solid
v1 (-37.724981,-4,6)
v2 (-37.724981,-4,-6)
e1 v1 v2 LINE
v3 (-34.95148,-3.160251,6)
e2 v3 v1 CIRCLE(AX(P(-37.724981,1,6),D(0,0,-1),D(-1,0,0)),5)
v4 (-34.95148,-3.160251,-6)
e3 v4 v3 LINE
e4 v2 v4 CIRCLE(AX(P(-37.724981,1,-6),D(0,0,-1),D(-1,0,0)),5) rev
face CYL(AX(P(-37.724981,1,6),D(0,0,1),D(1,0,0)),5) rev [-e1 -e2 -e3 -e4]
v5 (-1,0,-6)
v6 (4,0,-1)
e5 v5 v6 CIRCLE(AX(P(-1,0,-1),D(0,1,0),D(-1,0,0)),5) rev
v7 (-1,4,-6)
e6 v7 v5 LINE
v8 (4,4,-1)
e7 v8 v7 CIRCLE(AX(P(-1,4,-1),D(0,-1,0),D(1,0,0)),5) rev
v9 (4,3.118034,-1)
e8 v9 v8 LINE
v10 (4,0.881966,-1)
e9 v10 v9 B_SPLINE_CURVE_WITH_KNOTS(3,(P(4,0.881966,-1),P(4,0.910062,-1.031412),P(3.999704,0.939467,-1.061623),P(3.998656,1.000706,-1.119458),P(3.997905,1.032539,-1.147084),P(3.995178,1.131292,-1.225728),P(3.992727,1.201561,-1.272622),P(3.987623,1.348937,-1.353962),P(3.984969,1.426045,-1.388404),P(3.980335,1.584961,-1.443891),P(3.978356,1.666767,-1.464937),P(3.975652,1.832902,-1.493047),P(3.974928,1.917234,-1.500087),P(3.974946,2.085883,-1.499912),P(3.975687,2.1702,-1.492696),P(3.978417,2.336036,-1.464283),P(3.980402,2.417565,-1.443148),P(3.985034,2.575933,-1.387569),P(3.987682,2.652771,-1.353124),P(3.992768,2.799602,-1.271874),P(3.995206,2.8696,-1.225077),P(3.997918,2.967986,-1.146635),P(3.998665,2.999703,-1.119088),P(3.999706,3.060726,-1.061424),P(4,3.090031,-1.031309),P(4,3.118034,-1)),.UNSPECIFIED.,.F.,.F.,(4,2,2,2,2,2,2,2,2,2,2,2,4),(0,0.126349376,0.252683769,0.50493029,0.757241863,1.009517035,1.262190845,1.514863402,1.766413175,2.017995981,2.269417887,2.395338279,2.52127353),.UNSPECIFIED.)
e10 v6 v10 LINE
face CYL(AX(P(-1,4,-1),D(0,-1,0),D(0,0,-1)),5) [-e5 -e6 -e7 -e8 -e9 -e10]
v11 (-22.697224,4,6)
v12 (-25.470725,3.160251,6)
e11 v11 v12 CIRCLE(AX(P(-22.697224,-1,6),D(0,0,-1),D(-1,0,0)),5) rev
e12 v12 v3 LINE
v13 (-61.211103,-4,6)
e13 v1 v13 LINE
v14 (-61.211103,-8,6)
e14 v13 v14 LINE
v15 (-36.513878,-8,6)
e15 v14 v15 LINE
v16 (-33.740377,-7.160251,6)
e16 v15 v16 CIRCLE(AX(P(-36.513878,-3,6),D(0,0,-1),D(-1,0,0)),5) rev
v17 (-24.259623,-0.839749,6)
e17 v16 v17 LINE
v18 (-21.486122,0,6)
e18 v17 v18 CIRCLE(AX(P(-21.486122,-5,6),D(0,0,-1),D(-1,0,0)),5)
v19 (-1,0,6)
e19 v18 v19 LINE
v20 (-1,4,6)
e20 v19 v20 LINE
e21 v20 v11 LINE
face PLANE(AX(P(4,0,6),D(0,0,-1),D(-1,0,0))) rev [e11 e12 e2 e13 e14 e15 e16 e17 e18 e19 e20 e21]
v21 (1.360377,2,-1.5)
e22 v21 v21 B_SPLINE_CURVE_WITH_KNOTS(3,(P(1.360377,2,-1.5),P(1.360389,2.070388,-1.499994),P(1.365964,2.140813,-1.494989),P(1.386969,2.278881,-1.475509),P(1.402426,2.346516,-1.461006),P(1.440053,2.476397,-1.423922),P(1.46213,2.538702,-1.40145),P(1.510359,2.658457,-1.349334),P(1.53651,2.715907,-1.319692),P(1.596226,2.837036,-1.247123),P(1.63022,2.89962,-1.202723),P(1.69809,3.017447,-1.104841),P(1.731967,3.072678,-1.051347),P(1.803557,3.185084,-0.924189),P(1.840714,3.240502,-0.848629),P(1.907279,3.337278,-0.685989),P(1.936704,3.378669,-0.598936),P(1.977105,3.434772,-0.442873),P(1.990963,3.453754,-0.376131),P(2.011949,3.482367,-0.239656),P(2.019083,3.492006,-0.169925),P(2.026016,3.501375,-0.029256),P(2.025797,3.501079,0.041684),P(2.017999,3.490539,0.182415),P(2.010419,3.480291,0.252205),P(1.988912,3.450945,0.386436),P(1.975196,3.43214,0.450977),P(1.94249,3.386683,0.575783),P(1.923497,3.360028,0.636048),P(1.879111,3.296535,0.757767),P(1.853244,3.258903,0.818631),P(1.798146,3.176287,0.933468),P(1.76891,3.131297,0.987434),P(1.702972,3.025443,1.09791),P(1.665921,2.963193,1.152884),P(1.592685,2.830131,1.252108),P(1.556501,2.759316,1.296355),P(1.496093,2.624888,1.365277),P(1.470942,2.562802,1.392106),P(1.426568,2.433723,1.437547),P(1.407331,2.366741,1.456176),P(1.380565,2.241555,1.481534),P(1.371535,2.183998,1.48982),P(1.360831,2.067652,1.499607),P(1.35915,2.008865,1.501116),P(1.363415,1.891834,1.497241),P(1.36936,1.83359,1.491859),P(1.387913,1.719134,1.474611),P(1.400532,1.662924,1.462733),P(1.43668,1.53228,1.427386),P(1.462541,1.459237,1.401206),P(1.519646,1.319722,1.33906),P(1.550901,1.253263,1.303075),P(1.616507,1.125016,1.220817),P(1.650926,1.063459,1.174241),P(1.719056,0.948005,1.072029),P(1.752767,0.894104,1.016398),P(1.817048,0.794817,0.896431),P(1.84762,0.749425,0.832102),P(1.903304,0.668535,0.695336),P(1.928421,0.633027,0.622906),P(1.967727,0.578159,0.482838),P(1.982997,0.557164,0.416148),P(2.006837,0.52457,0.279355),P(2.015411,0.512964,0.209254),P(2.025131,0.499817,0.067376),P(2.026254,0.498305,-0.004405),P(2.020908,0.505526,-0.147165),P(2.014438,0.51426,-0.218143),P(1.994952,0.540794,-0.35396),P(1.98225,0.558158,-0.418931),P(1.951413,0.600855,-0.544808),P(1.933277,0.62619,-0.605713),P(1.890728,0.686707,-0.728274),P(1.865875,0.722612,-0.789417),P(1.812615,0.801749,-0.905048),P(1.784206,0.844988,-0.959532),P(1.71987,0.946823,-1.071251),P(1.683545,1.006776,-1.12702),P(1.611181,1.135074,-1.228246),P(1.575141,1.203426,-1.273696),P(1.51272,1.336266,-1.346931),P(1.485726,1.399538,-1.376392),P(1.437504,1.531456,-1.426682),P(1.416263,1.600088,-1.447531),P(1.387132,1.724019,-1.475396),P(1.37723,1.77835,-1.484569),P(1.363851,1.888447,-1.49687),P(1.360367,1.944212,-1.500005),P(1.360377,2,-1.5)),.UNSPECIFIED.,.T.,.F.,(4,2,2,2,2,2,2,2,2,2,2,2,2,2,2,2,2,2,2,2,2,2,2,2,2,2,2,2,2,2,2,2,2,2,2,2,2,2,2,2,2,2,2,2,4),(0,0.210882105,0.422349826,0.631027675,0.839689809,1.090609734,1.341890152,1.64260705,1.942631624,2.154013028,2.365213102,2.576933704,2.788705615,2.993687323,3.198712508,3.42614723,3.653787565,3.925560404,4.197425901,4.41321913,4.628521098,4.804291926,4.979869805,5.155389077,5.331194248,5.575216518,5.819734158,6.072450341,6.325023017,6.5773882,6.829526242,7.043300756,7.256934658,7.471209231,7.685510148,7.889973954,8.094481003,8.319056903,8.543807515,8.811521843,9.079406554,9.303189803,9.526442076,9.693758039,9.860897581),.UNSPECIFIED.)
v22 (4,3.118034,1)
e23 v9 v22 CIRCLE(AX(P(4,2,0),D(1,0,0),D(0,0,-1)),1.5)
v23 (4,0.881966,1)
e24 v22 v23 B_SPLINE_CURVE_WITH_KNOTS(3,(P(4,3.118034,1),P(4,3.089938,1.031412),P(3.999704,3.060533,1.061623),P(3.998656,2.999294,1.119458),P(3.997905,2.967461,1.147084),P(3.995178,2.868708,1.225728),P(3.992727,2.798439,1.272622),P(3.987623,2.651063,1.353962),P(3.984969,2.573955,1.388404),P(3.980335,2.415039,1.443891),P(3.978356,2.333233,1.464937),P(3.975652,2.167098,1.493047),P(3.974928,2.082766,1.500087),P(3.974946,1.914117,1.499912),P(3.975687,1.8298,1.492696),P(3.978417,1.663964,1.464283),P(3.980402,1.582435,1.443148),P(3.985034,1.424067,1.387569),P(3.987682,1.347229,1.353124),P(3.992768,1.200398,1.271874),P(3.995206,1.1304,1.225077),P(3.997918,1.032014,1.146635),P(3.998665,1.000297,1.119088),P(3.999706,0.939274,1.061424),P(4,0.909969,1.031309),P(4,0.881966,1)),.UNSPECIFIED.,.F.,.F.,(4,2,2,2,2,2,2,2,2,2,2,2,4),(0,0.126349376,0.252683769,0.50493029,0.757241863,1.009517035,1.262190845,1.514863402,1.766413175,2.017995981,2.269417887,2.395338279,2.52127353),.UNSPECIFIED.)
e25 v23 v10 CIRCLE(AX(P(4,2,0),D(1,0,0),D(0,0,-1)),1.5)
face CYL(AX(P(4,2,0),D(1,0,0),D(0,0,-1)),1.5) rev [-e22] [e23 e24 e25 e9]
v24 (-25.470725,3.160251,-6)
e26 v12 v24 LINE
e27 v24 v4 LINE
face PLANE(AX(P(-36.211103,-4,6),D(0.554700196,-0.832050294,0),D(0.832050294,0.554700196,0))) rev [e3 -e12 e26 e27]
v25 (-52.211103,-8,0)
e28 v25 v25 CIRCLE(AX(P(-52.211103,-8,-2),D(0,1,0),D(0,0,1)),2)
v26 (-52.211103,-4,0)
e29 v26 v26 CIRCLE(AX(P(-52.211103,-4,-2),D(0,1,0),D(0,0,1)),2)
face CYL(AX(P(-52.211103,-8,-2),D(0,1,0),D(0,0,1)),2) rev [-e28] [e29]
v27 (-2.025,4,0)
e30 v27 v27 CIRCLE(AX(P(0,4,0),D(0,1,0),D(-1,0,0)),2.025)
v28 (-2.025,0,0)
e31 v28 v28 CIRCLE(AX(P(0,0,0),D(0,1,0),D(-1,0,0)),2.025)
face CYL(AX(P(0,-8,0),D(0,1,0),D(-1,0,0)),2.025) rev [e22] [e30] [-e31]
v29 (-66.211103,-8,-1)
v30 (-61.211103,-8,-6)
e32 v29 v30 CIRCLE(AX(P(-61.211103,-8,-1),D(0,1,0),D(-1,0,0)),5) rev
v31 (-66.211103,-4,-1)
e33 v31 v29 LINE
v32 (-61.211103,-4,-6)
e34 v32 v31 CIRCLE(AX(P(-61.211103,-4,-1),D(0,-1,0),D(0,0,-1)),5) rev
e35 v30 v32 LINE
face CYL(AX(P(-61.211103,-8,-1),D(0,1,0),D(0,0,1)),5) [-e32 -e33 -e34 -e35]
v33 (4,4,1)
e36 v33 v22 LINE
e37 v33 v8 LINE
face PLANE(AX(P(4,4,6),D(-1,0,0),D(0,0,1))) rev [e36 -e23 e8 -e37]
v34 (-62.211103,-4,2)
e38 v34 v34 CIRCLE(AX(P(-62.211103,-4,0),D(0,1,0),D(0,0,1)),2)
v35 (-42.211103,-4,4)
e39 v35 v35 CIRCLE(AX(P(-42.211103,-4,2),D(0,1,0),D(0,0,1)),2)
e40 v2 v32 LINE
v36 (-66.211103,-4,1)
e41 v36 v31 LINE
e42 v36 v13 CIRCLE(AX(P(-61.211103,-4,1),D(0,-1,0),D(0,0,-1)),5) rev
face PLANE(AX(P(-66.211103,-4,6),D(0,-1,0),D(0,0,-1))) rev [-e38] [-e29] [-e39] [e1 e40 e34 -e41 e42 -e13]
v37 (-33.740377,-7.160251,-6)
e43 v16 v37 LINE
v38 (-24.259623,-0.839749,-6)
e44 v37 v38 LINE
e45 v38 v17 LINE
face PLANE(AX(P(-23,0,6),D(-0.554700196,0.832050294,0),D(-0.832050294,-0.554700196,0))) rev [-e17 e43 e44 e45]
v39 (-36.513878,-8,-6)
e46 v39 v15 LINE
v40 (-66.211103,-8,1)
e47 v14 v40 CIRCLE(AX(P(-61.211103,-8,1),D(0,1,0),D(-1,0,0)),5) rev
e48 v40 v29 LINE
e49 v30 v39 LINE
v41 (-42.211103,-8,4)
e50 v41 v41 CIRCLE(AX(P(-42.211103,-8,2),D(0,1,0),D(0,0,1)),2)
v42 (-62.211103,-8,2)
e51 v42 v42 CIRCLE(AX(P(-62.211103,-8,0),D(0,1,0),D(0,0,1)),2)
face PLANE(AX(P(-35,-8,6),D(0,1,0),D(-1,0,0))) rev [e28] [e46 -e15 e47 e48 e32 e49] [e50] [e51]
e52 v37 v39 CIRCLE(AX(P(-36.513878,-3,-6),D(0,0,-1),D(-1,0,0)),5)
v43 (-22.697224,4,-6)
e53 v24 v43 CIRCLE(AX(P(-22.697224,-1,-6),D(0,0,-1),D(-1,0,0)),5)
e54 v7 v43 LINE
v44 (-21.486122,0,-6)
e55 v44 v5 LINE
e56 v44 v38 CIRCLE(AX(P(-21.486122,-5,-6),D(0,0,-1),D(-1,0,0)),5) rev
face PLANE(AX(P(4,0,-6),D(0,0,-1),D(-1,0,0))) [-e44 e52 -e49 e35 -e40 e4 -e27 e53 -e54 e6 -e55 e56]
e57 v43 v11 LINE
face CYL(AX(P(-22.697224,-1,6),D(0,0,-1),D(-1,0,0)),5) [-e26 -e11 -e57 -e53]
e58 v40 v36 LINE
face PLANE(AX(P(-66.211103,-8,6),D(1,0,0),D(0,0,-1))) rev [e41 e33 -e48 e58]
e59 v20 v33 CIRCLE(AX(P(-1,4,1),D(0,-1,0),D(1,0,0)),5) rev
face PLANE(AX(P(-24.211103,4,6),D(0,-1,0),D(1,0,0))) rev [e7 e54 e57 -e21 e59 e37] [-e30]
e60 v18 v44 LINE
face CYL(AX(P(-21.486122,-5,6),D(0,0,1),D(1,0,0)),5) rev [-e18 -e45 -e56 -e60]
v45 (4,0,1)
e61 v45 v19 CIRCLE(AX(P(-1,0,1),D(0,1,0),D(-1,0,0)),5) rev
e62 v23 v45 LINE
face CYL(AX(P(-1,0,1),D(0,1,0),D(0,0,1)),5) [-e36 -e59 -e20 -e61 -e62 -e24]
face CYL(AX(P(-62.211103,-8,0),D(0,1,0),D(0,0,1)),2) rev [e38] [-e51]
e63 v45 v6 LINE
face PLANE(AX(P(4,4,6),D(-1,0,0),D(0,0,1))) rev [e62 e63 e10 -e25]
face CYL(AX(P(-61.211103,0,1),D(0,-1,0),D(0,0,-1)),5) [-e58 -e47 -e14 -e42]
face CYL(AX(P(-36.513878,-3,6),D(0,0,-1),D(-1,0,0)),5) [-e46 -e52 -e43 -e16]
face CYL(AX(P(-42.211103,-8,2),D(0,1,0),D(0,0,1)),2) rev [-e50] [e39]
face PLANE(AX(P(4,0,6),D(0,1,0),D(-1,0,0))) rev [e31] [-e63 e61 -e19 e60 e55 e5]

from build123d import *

# Parameters (mm, degrees)
BOSS_EXTRUDE1_DEPTH        = 6
SKETCH2_R                  = 2.025
CUT_EXTRUDE1_DEPTH         = 68.55671766
SKETCH3_R                  = 2
CUT_EXTRUDE2_DEPTH         = 67.962004906
FILLET1_R                  = 5
M3X0_5_TAPPED_HOLE1_REACH  = 72.92
M3X0_5_TAPPED_HOLE1_BORE_R = 1.5


with BuildPart() as part:
    # Sketch1 → Boss-Extrude1 (new, symmetric)
    with BuildSketch(Plane.XY):
        Polygon((4, 0), (-23, 0), (-35, -8), (-66.211102551, -8), (-66.211102551, -4), (-36.211102551, -4), (-24.211102551, 4), (4, 4), align=None)
    extrude(amount=BOSS_EXTRUDE1_DEPTH, both=True)

    # Sketch2 → Cut-Extrude1 (cut, through all)
    with BuildSketch(Plane(origin=(0, 4, 0), x_dir=(1, 0, 0), z_dir=(0, 1, 0))):
        with Locations(Location((0, 0, 0), (0, 0, 180))):
            Circle(SKETCH2_R)
    extrude(amount=-CUT_EXTRUDE1_DEPTH, mode=Mode.SUBTRACT)

    # Sketch3 → Cut-Extrude2 (cut, through all)
    with BuildSketch(Plane(origin=(0, -4, 0), x_dir=(1, 0, 0), z_dir=(0, 1, 0))):
        with Locations(Location((-62.211102551, 0, 0), (0, 0, 270))):
            Circle(SKETCH3_R)
        with Locations(Location((-52.211102551, 2, 0), (0, 0, 270))):
            Circle(SKETCH3_R)
        with Locations(Location((-42.211102551, -2, 0), (0, 0, 270))):
            Circle(SKETCH3_R)
    extrude(amount=-CUT_EXTRUDE2_DEPTH, mode=Mode.SUBTRACT)

    # Fillet1
    fillet1_edges = [part.edges().sort_by_distance(p)[0] for p in [
        (4, 2, -6),
        (-23, 0, 0),
        (-35, -8, 0),
        (-36.211102551, -4, 0),
        (-24.211102551, 4, 0),
        (-66.211102551, -6, 6),
        (4, 2, 6),
        (-66.211102551, -6, -6),
    ]]
    fillet(fillet1_edges, radius=FILLET1_R)

    # M3x0.5 Tapped Hole1 bore → M3x0.5 Tapped Hole1 (cut, up to next)
    with BuildSketch(Plane(origin=(4, 0, 0), x_dir=(0, 0, -1), z_dir=(1, 0, 0)), mode=Mode.PRIVATE) as m3x0_5_tapped_hole1_sk1:
        with Locations((0, 2)):
            Circle(M3X0_5_TAPPED_HOLE1_BORE_R)
    m3x0_5_tapped_hole1_tool1 = extrude(m3x0_5_tapped_hole1_sk1.sketch, amount=-M3X0_5_TAPPED_HOLE1_REACH, mode=Mode.PRIVATE) & part.part
    add(m3x0_5_tapped_hole1_tool1.solids().sort_by_distance((4, 2, 0))[0], mode=Mode.SUBTRACT)


solid = part.part
